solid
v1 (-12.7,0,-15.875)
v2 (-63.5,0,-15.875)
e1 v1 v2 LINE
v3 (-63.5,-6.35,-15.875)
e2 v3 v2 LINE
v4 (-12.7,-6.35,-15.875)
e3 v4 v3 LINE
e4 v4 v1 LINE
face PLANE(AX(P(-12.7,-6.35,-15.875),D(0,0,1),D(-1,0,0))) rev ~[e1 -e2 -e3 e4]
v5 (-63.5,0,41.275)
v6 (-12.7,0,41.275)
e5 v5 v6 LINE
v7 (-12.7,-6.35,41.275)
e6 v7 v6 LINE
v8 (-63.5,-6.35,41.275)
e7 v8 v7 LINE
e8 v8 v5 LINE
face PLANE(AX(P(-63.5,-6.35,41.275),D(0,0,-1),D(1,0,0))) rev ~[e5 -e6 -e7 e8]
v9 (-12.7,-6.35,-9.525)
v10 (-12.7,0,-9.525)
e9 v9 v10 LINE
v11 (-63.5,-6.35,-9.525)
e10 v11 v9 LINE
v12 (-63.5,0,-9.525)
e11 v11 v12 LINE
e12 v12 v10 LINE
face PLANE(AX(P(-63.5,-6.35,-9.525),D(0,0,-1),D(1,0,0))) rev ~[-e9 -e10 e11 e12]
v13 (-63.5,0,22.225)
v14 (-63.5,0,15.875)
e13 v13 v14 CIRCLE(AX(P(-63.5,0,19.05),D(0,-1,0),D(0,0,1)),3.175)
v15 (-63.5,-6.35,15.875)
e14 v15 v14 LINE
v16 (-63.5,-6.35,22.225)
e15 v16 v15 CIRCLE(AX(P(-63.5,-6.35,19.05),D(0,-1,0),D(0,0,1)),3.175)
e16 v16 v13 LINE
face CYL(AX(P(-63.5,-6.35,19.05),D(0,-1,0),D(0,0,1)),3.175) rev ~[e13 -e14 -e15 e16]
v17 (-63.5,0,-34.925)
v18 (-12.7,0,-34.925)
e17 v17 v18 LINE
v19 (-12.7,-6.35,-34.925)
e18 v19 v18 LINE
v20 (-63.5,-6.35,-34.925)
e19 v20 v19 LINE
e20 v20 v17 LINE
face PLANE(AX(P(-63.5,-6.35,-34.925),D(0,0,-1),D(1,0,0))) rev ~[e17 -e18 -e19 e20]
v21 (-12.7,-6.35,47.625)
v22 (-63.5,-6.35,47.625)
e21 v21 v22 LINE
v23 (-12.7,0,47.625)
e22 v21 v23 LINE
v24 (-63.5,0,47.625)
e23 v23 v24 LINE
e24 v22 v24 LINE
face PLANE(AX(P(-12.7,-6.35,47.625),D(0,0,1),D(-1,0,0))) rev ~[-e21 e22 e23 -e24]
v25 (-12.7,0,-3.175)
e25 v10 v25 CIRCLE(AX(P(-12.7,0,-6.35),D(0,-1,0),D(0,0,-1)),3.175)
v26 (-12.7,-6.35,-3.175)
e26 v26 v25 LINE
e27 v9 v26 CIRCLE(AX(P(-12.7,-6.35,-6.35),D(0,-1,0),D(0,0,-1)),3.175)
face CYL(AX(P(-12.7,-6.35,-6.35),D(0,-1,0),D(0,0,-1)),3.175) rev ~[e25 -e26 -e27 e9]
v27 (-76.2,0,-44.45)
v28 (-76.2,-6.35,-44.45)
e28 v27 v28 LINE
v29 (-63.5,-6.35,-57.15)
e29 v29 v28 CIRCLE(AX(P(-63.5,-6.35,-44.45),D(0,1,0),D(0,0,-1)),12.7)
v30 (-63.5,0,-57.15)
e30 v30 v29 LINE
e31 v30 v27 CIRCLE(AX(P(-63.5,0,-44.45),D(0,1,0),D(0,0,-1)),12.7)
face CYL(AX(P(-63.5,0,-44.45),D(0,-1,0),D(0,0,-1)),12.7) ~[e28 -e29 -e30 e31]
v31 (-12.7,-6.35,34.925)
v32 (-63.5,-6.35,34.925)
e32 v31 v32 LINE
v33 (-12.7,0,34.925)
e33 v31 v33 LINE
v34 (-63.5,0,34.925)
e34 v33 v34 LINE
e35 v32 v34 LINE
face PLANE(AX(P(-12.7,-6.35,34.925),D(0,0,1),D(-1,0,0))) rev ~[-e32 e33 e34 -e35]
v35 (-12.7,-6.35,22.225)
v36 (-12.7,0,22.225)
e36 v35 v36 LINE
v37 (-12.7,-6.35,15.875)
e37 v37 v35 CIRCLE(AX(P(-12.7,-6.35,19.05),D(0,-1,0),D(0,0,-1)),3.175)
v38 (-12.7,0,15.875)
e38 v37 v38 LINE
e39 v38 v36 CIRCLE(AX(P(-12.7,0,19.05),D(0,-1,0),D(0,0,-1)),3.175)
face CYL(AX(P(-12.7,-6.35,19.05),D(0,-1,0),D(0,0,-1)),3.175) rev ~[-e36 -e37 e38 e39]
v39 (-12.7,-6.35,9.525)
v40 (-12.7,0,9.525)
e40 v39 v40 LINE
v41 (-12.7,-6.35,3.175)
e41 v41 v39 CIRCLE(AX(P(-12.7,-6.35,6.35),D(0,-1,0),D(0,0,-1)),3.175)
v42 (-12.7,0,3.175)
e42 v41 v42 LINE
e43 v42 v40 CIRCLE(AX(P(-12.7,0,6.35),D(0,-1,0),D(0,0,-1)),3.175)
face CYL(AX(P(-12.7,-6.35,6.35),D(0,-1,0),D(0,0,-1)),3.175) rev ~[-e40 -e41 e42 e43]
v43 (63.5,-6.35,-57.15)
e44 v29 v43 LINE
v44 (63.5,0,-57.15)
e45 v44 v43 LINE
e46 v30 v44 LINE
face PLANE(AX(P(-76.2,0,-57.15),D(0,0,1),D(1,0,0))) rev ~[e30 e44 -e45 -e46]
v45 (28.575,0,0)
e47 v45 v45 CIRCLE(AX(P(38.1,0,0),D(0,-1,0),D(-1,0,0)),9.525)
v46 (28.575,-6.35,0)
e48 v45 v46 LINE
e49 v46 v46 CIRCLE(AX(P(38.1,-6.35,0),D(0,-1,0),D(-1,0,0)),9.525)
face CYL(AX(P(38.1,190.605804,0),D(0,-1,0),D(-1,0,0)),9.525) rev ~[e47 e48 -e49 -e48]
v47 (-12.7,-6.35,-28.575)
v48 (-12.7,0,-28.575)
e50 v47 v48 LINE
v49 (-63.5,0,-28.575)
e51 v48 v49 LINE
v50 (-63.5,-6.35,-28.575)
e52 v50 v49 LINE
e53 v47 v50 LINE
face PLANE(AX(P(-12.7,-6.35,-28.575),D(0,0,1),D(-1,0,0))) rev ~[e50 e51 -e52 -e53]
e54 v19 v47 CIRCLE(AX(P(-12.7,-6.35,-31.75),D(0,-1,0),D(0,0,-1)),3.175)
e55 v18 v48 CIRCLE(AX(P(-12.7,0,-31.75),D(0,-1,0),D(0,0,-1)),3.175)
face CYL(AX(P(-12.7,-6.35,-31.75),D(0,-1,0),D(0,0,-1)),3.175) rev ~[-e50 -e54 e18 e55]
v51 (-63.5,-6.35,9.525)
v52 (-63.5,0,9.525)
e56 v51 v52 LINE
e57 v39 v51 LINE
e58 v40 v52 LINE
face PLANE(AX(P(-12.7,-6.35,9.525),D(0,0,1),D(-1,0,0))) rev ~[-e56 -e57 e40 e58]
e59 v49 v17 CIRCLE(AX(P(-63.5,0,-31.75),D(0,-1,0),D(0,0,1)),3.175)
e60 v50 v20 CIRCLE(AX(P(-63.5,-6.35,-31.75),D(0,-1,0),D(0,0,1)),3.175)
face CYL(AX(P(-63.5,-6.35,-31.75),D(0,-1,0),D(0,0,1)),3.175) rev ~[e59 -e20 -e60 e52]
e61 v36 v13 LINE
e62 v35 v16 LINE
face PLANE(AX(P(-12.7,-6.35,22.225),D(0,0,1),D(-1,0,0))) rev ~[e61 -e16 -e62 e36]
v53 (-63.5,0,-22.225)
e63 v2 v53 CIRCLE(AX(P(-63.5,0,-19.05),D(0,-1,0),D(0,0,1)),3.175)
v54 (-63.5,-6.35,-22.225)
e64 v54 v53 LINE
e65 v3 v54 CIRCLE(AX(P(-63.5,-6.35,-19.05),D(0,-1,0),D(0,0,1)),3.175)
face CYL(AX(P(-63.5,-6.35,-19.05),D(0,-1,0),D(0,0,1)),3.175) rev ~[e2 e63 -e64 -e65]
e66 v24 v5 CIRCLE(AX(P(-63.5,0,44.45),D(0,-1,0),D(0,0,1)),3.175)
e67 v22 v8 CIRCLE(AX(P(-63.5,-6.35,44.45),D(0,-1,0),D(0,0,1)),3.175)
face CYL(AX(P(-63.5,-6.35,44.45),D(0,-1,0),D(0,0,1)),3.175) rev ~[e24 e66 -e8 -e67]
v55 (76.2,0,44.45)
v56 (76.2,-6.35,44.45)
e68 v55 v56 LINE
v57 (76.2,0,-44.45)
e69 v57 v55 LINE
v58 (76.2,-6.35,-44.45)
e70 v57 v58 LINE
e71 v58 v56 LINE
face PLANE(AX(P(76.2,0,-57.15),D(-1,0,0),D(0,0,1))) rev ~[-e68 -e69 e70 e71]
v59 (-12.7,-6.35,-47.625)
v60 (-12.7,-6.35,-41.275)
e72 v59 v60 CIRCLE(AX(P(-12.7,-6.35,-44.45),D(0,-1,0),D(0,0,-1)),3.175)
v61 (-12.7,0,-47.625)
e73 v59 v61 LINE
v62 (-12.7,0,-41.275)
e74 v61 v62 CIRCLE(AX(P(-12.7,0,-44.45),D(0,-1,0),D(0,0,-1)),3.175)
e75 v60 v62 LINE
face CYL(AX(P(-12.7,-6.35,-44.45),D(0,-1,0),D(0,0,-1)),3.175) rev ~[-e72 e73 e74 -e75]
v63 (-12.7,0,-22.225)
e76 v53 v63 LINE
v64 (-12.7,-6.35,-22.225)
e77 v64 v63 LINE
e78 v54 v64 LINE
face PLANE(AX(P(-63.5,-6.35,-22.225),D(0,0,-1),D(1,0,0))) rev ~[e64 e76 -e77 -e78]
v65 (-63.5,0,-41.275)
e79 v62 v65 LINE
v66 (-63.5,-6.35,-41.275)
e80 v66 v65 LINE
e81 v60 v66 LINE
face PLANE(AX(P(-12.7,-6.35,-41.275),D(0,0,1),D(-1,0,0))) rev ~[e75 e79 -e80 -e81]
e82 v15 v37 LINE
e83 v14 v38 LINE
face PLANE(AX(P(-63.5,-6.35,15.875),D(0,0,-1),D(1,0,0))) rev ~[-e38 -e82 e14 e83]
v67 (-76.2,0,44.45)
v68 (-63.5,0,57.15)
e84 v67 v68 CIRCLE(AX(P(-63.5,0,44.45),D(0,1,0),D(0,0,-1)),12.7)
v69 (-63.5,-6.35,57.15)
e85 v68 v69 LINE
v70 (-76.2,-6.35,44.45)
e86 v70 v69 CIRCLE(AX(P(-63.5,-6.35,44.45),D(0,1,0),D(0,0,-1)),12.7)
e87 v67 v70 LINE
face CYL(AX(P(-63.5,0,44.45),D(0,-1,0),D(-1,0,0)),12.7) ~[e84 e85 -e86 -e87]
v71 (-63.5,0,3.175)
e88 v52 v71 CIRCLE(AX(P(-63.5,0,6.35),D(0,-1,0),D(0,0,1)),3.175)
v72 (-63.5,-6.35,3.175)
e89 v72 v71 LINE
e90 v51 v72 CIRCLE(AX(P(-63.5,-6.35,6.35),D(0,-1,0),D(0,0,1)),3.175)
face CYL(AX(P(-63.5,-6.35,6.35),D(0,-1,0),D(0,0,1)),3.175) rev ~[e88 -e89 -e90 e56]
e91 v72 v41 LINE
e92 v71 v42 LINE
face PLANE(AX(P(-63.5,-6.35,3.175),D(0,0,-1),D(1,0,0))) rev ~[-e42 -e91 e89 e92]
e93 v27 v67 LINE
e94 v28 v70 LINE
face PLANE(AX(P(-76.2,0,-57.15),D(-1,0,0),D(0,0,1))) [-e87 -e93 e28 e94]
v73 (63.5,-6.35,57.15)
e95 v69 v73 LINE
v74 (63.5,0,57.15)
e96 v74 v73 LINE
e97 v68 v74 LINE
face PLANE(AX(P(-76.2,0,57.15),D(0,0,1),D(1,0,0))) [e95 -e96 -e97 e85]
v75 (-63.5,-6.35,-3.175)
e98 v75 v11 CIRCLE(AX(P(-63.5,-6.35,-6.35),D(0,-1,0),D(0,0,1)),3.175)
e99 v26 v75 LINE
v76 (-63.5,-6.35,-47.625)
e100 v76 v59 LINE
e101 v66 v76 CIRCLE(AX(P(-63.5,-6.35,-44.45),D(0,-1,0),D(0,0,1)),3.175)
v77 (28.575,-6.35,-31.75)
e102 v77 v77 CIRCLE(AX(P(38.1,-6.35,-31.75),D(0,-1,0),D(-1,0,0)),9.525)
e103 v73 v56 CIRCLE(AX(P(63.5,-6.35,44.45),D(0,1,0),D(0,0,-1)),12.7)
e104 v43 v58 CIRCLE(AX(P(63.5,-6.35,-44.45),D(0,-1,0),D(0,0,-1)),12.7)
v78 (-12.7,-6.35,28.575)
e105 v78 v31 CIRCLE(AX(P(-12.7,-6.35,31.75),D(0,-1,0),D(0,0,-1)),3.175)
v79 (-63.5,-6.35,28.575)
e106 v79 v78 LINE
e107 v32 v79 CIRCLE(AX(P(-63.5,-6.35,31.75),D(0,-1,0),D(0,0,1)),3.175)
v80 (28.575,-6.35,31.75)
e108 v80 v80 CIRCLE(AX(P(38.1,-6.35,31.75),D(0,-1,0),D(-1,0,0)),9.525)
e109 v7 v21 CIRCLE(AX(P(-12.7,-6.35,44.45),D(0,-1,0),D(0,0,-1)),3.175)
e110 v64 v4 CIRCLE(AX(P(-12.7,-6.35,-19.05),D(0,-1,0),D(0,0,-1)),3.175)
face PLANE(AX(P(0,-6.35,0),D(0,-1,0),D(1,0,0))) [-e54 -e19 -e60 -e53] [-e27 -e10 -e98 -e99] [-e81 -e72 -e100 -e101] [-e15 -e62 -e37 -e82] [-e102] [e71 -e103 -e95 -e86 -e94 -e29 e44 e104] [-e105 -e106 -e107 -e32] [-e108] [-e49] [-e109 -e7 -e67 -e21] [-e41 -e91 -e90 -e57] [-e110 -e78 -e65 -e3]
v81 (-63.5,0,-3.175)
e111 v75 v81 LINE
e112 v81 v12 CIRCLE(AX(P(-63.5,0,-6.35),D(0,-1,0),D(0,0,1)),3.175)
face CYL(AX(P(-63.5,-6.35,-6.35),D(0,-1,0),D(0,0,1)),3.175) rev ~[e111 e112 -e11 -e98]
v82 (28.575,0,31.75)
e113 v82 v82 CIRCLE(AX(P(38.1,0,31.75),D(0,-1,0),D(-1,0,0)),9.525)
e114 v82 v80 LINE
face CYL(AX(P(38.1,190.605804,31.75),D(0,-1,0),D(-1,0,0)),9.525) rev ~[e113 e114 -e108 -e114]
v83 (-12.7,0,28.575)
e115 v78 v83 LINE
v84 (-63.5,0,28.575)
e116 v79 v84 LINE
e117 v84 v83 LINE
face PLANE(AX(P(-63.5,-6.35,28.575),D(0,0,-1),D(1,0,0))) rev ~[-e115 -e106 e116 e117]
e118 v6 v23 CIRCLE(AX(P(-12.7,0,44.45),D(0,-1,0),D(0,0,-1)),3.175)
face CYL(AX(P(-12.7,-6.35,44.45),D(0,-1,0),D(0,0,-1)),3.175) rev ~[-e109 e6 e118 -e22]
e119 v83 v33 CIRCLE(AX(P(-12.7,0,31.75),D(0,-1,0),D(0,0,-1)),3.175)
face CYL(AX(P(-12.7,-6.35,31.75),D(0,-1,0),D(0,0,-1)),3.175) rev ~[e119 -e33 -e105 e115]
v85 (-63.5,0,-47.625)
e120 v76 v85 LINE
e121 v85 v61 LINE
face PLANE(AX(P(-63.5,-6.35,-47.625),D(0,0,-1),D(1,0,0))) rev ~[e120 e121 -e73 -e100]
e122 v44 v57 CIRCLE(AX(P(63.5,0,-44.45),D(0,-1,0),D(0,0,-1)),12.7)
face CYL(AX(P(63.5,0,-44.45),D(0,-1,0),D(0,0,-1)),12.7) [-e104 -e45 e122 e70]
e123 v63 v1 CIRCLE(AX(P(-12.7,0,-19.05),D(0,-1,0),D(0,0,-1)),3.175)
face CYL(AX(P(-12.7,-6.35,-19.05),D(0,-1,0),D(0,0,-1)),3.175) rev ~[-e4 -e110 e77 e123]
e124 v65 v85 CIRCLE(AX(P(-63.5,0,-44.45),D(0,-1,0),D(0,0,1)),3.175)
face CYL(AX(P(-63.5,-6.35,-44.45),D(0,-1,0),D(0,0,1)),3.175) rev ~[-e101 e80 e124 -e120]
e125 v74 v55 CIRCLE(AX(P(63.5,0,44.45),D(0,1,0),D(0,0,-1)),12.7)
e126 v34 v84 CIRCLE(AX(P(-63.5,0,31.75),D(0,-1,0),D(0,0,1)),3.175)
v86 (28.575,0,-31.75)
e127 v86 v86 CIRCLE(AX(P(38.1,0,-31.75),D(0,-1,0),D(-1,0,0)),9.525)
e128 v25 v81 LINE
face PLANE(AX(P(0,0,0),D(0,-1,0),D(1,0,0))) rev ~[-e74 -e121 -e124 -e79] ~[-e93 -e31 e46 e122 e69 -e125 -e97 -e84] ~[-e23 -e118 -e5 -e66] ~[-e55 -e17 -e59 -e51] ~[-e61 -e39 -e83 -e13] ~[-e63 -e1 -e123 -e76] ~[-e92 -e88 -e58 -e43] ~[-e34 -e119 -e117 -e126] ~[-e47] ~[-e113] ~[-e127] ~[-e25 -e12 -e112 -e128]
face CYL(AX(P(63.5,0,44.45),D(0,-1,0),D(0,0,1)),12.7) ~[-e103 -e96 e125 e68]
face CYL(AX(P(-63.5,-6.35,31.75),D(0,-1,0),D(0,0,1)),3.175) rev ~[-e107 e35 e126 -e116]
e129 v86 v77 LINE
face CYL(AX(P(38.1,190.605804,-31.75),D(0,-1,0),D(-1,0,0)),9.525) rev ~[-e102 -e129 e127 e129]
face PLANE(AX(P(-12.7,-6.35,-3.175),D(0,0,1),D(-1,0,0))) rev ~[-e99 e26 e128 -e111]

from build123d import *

# Parameters (mm, degrees)
F0_W     = 152.4
F0_H     = 114.3
F1_DEPTH = 6.35
F3_DEPTH = 6.351
F5_D     = 19.05
F6_R     = 12.7
F7_R     = 12.7


with BuildPart() as f1:
    # F0 (on Front) → F1 (new body)
    with BuildSketch(Plane.XZ):
        Rectangle(F0_W, F0_H)
    extrude(amount=F1_DEPTH)

    # F2 (on face) → F3 (cut, through all)
    with BuildSketch(Plane.XZ.offset(6.35)):
        with BuildLine():
            Line((-12.7, 47.625), (-63.5, 47.625))
            ThreePointArc((-63.5, 47.625), (-66.675, 44.45), (-63.5, 41.275))
            Line((-63.5, 41.275), (-12.7, 41.275))
            ThreePointArc((-12.7, 41.275), (-9.525, 44.45), (-12.7, 47.625))
        make_face()
        with BuildLine():
            Line((-12.7, -41.275), (-63.5, -41.275))
            ThreePointArc((-63.5, -41.275), (-66.675, -44.45), (-63.5, -47.625))
            Line((-63.5, -47.625), (-12.7, -47.625))
            ThreePointArc((-12.7, -47.625), (-9.525, -44.45), (-12.7, -41.275))
        make_face()
        with BuildLine():
            ThreePointArc((-63.5, 34.925), (-66.675, 31.75), (-63.5, 28.575))
            Line((-63.5, 28.575), (-12.7, 28.575))
            ThreePointArc((-12.7, 28.575), (-9.525, 31.75), (-12.7, 34.925))
            Line((-12.7, 34.925), (-63.5, 34.925))
        make_face()
        with BuildLine():
            Line((-12.7, -28.575), (-63.5, -28.575))
            ThreePointArc((-63.5, -28.575), (-66.675, -31.75), (-63.5, -34.925))
            Line((-63.5, -34.925), (-12.7, -34.925))
            ThreePointArc((-12.7, -34.925), (-9.525, -31.75), (-12.7, -28.575))
        make_face()
        with BuildLine():
            Line((-12.7, 22.225), (-63.5, 22.225))
            ThreePointArc((-63.5, 22.225), (-66.675, 19.05), (-63.5, 15.875))
            Line((-63.5, 15.875), (-12.7, 15.875))
            ThreePointArc((-12.7, 15.875), (-9.525, 19.05), (-12.7, 22.225))
        make_face()
        with BuildLine():
            Line((-12.7, -15.875), (-63.5, -15.875))
            ThreePointArc((-63.5, -15.875), (-66.675, -19.05), (-63.5, -22.225))
            Line((-63.5, -22.225), (-12.7, -22.225))
            ThreePointArc((-12.7, -22.225), (-9.525, -19.05), (-12.7, -15.875))
        make_face()
        with BuildLine():
            Line((-12.7, 9.525), (-63.5, 9.525))
            ThreePointArc((-63.5, 9.525), (-66.675, 6.35), (-63.5, 3.175))
            Line((-63.5, 3.175), (-12.7, 3.175))
            ThreePointArc((-12.7, 3.175), (-9.525, 6.35), (-12.7, 9.525))
        make_face()
        with BuildLine():
            ThreePointArc((-63.5, -3.175), (-66.675, -6.35), (-63.5, -9.525))
            Line((-63.5, -9.525), (-12.7, -9.525))
            ThreePointArc((-12.7, -9.525), (-9.525, -6.35), (-12.7, -3.175))
            Line((-12.7, -3.175), (-63.5, -3.175))
        make_face()
    extrude(amount=-F3_DEPTH, mode=Mode.SUBTRACT)

    # F5 (through all)
    with Locations(Plane(origin=(0, 0, 0), x_dir=(1, 0, 0), z_dir=(0, 1, 0))):
        with Locations((38.1, 31.75), (38.1, 0), (38.1, -31.75)):
            Hole(F5_D / 2)

    # F6
    f6_edges = [f1.edges().sort_by_distance(p)[0] for p in [
        (76.2, -3.175, 57.15),
        (76.2, -3.175, -57.15),
    ]]
    fillet(f6_edges, radius=F6_R)

    # F7
    f7_edges = [f1.edges().sort_by_distance(p)[0] for p in [
        (-76.2, -3.175, 57.15),
        (-76.2, -3.175, -57.15),
    ]]
    fillet(f7_edges, radius=F7_R)


solid = f1.part
